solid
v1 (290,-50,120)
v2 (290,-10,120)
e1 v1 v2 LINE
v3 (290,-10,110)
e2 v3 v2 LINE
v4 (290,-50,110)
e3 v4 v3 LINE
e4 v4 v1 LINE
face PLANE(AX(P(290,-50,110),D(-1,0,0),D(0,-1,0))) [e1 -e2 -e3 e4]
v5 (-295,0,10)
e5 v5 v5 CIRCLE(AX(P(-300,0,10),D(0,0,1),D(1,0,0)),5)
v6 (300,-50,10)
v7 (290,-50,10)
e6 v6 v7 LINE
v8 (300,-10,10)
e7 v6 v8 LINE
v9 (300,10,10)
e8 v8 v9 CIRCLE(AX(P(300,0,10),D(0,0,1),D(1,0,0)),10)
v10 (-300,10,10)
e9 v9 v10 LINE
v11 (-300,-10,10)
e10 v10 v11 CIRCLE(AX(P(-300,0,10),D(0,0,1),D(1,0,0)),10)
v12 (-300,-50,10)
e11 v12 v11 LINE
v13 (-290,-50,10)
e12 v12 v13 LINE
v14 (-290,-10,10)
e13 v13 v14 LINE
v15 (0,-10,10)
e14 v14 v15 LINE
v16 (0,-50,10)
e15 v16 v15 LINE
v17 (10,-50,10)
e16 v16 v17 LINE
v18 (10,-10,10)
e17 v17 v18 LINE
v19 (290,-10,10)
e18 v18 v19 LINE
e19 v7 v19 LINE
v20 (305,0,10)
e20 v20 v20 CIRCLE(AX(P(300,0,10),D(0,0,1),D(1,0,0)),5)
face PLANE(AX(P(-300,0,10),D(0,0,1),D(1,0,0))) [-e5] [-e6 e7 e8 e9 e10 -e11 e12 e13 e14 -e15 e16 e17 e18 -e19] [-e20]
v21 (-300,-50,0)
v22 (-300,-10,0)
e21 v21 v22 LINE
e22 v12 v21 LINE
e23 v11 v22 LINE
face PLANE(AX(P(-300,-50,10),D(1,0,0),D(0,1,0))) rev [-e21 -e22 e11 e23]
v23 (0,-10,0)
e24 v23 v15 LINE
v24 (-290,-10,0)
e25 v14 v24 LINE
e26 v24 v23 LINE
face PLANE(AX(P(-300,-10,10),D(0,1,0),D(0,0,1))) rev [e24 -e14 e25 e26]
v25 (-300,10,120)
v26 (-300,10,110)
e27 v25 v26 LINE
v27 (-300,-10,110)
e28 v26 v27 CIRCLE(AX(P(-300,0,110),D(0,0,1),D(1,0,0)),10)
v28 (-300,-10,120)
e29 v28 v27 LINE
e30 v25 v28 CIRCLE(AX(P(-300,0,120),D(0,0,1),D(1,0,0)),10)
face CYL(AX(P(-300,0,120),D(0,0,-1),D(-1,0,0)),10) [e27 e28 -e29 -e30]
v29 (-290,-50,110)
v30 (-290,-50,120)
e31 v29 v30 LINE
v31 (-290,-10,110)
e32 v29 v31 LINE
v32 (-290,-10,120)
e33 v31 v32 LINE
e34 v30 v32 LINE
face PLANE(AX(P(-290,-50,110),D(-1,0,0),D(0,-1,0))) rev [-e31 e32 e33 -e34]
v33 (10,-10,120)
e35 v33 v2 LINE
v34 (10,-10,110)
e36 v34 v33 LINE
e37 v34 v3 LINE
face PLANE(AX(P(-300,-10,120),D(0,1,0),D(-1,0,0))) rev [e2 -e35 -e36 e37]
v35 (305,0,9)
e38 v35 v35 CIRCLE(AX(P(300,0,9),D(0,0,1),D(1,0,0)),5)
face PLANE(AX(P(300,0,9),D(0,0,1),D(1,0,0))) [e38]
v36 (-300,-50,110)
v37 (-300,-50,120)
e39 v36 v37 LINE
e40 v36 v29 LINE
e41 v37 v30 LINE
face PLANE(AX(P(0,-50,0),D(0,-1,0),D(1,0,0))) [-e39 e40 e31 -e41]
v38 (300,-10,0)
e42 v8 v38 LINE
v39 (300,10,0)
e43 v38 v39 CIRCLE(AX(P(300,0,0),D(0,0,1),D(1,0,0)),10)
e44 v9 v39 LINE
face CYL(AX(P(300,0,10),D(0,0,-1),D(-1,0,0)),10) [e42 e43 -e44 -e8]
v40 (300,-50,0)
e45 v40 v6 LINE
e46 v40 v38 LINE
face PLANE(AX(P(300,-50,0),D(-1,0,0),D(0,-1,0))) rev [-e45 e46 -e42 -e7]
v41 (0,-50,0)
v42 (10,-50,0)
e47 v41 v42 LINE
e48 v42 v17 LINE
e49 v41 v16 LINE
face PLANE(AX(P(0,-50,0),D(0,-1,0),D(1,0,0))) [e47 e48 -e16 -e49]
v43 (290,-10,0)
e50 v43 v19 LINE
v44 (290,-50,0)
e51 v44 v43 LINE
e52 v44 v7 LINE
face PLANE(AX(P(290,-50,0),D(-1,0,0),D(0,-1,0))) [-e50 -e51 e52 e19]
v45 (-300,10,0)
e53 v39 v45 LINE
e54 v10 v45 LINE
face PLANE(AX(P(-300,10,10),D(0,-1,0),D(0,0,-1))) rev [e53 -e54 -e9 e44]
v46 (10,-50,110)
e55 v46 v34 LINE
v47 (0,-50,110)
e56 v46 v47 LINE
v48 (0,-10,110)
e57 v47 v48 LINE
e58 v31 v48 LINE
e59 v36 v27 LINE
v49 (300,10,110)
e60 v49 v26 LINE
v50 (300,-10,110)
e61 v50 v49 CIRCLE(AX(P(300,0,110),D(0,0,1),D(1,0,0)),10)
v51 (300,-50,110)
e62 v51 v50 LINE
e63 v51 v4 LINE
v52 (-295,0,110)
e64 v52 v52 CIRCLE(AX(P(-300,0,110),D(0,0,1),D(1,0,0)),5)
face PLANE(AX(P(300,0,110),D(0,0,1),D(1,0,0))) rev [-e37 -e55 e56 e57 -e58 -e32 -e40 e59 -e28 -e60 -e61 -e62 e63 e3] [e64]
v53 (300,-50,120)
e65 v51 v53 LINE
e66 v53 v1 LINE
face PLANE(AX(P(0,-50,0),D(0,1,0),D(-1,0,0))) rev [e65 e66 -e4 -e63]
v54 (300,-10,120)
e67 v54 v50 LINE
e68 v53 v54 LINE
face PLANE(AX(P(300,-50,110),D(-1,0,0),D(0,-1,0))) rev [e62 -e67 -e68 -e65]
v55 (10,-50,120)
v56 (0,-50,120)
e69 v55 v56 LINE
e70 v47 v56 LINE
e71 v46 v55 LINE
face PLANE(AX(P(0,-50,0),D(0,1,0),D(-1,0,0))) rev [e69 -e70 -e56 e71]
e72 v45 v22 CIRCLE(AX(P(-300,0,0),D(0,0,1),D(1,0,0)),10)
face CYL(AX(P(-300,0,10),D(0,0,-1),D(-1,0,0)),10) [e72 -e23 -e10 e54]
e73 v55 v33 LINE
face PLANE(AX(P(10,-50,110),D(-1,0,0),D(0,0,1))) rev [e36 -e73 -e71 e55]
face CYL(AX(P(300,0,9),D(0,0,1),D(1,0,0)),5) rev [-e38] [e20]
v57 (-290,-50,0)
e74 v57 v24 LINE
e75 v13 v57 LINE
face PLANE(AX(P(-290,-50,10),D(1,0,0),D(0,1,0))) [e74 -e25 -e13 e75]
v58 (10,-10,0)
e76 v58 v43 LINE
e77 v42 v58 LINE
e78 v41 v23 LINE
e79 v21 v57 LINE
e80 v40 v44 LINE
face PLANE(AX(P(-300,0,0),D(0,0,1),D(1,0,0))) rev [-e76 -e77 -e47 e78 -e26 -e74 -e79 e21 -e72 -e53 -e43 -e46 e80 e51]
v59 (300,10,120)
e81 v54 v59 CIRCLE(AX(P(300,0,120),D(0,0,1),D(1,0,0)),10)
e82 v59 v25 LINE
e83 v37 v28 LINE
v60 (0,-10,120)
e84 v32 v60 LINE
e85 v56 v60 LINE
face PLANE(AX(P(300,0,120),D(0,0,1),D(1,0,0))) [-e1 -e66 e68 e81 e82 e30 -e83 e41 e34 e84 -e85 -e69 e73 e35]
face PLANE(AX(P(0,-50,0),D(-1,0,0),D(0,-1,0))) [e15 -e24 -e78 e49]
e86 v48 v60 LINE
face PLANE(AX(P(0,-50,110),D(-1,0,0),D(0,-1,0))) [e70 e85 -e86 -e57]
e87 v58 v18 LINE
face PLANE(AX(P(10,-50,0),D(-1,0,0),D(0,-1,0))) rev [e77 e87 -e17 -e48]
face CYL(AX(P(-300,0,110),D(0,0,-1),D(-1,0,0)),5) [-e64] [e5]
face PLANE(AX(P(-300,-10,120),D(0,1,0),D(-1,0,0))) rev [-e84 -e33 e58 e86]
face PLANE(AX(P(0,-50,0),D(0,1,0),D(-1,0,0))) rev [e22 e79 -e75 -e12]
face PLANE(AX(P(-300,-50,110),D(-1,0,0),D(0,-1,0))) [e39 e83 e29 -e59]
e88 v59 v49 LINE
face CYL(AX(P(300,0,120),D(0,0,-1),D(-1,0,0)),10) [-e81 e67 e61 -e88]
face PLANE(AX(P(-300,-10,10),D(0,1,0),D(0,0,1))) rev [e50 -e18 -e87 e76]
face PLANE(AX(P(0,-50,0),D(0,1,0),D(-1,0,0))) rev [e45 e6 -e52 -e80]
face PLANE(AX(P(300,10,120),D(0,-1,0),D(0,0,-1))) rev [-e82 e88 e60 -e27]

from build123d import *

# Parameters (mm, degrees)
SALIENTE_EXTRUIR1_DEPTH = 10
CROQUIS2_R              = 5
SALIENTE_EXTRUIR2_DEPTH = 100
CROQUIS5_R              = 5
CORTAR_EXTRUIR1_DEPTH   = 1
SALIENTE_EXTRUIR5_DEPTH = 10
CROQUIS7_W              = 10
CROQUIS7_H              = 10
SALIENTE_EXTRUIR6_DEPTH = 40


with BuildPart() as part:
    # Croquis1 → Saliente-Extruir1 (new body)
    with BuildSketch(Plane.XY):
        with BuildLine():
            Line((-300, 10), (300, 10))
            ThreePointArc((300, 10), (310, 0), (300, -10))
            Line((300, -10), (-300, -10))
            ThreePointArc((-300, -10), (-310, 0), (-300, 10))
        make_face()
    extrude(amount=SALIENTE_EXTRUIR1_DEPTH)

    # Croquis2 → Saliente-Extruir2 (add)
    with BuildSketch(Plane.XY.offset(10)):
        with Locations((-300, 0)):
            Circle(CROQUIS2_R)
    extrude(amount=SALIENTE_EXTRUIR2_DEPTH)

    # Croquis5 → Cortar-Extruir1 (cut)
    with BuildSketch(Plane.XY.offset(10)):
        with Locations((300, 0)):
            Circle(CROQUIS5_R)
    extrude(amount=-CORTAR_EXTRUIR1_DEPTH, mode=Mode.SUBTRACT)

    # Croquis6 → Saliente-Extruir5 (add)
    with BuildSketch(Plane.XY.offset(110)):
        with BuildLine():
            Line((-300, -10), (300, -10))
            ThreePointArc((300, -10), (310, 0), (300, 10))
            Line((300, 10), (-300, 10))
            ThreePointArc((-300, 10), (-310, 0), (-300, -10))
        make_face()
    extrude(amount=SALIENTE_EXTRUIR5_DEPTH)

    # Croquis7 → Saliente-Extruir6 (add)
    with BuildSketch(Plane.XZ.offset(10)):
        with Locations((-295, 5)):
            Rectangle(CROQUIS7_W, CROQUIS7_H)
        with Locations((295, 5)):
            Rectangle(CROQUIS7_W, CROQUIS7_H)
        with Locations((295, 115)):
            Rectangle(CROQUIS7_W, CROQUIS7_H)
        with Locations((-295, 115)):
            Rectangle(CROQUIS7_W, CROQUIS7_H)
        with Locations((5, 5)):
            Rectangle(CROQUIS7_W, CROQUIS7_H)
        with Locations((5, 115)):
            Rectangle(CROQUIS7_W, CROQUIS7_H)
    extrude(amount=SALIENTE_EXTRUIR6_DEPTH)


solid = part.part
